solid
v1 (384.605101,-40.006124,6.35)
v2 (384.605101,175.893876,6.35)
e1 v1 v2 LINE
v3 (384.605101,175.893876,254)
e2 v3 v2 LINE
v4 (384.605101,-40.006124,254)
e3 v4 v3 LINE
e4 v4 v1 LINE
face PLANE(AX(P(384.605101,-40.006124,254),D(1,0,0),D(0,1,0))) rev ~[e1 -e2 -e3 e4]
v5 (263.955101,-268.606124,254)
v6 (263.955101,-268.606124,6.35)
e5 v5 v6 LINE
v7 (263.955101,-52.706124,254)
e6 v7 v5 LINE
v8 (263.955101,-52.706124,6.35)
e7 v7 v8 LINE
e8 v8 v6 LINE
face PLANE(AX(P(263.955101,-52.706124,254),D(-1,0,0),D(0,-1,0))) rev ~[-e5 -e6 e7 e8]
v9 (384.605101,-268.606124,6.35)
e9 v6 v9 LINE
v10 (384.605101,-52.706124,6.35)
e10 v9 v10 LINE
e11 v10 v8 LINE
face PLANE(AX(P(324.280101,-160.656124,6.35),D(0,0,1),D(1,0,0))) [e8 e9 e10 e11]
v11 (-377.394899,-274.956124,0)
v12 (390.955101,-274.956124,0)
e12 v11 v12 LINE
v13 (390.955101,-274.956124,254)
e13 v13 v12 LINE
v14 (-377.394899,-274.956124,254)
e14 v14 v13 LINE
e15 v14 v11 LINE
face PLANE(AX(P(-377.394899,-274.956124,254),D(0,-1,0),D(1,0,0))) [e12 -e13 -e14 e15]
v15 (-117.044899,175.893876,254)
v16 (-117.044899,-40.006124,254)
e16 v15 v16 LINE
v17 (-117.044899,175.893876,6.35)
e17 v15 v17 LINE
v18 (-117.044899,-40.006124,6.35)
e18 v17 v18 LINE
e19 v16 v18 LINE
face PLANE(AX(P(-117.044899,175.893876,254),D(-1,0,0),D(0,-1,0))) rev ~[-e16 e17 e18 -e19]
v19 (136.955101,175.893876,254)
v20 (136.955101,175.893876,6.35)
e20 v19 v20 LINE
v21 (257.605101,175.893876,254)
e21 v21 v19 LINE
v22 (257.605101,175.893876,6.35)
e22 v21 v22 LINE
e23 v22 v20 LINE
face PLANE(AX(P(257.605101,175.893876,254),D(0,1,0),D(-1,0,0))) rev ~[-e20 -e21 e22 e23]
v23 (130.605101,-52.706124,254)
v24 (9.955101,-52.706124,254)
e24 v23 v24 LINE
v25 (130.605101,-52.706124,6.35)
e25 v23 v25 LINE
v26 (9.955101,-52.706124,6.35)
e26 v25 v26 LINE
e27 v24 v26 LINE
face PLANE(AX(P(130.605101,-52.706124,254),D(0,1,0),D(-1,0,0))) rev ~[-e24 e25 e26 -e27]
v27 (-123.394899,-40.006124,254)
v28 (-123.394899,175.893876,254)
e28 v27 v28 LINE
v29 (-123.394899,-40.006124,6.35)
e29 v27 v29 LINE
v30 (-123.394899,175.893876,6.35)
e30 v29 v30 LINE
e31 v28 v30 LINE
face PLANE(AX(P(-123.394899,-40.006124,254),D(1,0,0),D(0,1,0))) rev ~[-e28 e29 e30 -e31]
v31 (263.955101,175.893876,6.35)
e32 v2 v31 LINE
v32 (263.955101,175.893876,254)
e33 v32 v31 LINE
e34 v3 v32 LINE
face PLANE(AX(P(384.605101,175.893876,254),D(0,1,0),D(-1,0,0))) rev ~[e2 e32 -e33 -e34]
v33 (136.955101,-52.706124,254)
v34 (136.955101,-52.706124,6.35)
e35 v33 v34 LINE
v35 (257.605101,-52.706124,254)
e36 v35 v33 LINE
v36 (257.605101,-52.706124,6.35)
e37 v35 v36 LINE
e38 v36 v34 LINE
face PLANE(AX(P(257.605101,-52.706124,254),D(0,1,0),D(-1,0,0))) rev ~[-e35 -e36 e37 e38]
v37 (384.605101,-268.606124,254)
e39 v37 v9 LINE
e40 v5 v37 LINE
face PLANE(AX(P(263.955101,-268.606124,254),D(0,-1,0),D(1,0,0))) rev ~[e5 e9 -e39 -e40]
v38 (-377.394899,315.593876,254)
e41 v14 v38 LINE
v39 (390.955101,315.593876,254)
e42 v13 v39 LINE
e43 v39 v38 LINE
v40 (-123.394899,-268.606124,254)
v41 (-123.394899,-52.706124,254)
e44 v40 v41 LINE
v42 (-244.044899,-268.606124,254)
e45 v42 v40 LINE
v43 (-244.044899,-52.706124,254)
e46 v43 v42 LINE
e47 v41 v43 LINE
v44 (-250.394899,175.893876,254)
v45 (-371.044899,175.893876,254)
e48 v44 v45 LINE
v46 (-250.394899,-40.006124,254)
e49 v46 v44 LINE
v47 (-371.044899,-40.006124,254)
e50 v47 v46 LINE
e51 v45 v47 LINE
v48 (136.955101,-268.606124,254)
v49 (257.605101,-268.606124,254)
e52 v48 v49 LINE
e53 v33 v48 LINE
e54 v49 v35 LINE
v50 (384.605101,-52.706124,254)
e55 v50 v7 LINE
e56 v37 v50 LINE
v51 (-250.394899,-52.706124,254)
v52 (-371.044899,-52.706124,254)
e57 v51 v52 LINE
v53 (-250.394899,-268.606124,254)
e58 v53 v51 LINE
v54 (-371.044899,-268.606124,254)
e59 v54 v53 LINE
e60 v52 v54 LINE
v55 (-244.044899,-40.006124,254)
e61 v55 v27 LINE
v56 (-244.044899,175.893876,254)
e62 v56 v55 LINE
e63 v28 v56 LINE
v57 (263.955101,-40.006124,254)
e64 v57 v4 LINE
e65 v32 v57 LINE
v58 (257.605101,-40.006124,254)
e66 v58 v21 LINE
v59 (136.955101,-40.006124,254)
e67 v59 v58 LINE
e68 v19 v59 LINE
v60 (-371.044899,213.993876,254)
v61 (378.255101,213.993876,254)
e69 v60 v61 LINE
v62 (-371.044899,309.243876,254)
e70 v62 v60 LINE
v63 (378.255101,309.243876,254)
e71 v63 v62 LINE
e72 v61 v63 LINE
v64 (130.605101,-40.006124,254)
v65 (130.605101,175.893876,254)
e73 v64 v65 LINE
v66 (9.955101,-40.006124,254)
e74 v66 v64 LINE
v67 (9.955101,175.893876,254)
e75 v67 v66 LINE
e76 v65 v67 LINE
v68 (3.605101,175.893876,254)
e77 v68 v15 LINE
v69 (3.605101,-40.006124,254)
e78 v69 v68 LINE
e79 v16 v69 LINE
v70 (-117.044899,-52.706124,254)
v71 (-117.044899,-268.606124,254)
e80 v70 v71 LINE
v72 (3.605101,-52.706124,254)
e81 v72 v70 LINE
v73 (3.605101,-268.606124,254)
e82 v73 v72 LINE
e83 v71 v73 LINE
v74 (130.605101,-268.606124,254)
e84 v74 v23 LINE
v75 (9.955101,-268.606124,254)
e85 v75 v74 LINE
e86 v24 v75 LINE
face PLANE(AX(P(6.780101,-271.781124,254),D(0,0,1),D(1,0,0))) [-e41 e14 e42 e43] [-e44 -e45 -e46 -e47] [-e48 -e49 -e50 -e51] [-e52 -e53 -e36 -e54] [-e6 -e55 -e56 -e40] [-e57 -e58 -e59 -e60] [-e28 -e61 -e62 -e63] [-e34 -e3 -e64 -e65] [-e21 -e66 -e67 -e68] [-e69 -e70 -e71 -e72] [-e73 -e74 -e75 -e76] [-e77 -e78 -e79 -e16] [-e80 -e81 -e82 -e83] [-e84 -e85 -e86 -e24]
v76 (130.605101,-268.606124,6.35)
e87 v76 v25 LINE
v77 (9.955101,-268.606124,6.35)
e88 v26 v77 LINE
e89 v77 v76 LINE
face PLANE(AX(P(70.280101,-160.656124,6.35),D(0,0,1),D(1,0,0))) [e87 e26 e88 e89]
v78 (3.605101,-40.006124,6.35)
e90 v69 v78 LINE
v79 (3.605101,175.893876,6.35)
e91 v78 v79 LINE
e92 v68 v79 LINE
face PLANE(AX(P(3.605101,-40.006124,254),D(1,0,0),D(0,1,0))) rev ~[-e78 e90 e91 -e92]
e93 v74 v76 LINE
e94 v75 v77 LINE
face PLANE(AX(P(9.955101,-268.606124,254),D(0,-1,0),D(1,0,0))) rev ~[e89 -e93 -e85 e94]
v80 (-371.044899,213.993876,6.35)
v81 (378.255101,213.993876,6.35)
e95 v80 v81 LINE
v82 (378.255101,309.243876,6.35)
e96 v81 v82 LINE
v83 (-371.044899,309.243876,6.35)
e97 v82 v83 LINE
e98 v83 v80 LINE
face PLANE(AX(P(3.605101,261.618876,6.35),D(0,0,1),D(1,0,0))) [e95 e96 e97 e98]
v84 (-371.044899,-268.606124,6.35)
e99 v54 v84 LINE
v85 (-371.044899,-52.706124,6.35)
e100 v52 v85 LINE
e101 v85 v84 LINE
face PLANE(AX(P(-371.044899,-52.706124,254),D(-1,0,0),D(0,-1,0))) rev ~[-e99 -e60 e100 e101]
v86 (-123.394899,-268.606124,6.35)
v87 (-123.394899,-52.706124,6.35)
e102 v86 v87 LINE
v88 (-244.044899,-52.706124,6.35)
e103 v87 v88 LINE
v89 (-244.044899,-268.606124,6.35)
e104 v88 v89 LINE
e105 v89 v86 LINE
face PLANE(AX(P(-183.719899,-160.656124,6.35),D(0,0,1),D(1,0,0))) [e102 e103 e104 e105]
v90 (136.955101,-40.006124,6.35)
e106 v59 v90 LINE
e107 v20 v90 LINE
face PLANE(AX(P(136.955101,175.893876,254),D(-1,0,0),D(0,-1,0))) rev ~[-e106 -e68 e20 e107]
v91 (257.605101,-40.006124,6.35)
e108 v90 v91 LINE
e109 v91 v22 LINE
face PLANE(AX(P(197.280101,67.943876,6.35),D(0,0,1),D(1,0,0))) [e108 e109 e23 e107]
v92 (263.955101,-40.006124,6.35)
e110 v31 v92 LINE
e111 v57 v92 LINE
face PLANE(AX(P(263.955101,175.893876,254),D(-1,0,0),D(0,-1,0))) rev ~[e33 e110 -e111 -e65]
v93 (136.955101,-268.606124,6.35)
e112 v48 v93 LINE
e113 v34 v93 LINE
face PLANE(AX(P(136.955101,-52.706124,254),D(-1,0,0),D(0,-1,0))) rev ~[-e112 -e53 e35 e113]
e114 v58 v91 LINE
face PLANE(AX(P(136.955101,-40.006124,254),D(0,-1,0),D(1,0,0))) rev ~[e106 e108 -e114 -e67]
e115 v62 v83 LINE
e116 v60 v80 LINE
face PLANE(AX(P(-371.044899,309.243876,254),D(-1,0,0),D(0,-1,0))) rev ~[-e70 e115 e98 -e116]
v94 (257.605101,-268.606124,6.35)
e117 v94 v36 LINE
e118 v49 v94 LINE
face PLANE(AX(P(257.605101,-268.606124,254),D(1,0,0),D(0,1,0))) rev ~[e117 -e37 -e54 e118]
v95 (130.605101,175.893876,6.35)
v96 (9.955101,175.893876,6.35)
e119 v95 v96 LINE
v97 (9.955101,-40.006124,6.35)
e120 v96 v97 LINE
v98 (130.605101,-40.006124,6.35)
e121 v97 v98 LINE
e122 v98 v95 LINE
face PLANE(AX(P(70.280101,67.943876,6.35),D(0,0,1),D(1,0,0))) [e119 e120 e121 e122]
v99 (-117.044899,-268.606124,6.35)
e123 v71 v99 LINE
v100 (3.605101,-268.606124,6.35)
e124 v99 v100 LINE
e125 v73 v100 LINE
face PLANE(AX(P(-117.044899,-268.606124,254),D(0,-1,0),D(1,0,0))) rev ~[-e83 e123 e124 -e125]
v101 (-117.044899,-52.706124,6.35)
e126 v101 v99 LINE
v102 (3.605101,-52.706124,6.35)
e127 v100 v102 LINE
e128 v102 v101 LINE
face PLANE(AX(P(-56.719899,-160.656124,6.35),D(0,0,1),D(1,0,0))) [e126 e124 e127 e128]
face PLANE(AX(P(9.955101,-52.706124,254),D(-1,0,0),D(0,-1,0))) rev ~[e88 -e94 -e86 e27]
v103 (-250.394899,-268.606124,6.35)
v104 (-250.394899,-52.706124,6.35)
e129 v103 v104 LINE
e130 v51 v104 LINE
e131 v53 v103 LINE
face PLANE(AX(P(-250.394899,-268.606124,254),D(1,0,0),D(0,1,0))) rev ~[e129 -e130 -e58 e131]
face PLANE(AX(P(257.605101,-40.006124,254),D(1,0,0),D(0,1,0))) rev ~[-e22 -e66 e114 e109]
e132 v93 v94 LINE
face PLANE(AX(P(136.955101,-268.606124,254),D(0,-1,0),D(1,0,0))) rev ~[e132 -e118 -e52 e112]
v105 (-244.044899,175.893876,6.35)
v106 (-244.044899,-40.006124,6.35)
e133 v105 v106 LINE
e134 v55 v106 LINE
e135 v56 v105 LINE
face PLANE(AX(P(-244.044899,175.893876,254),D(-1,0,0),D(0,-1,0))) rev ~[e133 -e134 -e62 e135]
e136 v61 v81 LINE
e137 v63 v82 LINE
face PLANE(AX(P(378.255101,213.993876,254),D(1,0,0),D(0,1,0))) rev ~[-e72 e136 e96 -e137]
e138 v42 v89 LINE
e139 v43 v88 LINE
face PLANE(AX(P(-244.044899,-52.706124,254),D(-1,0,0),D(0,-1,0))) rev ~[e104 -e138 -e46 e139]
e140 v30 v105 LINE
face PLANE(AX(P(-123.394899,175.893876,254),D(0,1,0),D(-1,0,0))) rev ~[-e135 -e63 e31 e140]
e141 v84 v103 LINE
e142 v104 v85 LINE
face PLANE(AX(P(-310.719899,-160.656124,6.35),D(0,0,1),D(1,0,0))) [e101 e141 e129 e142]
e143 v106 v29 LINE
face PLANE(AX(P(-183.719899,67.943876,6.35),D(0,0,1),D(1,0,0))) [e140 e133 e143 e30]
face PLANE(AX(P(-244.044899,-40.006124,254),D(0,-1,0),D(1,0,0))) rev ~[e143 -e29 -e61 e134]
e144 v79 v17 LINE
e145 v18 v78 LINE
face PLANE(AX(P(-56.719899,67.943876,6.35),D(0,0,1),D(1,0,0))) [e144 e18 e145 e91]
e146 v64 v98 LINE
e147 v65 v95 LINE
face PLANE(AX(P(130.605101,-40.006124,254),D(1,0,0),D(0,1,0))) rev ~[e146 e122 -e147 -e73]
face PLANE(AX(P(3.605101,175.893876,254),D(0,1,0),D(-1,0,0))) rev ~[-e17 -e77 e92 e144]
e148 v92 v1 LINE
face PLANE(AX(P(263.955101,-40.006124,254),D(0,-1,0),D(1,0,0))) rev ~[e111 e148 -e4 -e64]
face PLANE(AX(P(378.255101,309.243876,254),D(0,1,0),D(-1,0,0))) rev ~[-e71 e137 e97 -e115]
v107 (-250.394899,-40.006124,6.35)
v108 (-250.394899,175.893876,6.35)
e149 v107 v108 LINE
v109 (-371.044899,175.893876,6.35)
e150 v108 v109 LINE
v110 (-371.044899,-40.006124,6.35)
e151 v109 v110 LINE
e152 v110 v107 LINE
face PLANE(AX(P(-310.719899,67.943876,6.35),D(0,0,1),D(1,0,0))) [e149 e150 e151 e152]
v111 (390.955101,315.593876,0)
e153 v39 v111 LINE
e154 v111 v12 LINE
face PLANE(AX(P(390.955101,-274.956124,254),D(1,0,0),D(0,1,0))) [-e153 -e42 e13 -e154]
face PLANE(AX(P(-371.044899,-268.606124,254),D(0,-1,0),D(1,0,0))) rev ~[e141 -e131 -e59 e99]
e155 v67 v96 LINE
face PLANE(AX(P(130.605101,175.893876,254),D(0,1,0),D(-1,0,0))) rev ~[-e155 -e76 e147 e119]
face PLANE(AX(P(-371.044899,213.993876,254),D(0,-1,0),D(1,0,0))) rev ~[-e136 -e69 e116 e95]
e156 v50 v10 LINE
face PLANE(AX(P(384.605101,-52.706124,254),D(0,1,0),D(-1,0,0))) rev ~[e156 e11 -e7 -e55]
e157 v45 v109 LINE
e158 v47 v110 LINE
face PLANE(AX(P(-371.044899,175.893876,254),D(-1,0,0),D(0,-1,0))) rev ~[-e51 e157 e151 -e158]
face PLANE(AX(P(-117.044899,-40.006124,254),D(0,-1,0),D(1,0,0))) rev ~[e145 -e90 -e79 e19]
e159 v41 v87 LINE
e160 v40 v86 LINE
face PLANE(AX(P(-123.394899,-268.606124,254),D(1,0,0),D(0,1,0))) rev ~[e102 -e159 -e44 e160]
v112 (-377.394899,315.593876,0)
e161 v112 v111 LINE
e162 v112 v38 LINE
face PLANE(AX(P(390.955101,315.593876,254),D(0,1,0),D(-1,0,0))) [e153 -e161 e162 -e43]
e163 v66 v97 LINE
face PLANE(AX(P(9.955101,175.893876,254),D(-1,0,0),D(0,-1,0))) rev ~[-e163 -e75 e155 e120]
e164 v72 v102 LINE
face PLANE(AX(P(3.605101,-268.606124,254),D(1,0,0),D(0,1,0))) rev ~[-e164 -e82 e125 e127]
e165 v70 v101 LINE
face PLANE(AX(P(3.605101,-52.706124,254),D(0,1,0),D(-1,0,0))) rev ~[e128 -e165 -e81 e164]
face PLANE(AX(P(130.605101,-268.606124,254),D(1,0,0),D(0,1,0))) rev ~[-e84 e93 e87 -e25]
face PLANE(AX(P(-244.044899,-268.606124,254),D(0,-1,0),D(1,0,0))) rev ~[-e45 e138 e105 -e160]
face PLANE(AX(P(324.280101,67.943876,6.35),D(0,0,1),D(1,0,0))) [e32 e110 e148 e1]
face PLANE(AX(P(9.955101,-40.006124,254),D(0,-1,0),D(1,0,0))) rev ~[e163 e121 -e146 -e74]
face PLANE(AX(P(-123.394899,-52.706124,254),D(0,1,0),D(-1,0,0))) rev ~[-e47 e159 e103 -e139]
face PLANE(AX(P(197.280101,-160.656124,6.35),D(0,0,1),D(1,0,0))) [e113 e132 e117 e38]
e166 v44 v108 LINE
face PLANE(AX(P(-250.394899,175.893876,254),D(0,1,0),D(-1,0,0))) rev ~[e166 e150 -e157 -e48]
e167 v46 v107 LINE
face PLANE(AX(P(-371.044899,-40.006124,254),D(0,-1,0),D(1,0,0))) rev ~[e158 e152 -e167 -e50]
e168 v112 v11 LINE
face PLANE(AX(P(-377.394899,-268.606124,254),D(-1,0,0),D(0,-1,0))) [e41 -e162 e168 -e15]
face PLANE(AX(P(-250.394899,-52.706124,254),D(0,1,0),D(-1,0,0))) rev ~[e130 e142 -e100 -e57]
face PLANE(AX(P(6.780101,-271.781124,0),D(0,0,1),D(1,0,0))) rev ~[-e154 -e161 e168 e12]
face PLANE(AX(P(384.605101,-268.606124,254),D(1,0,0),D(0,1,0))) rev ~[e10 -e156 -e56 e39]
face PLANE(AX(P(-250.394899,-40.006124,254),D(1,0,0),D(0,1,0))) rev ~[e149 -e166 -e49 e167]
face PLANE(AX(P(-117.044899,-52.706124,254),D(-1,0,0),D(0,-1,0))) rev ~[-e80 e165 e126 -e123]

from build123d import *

# Parameters (mm, degrees)
F0_W     = 762
F0_H     = 584.2
F1_DEPTH = 254
F3_DEPTH = 247.65
F5_DEPTH = 254
F6_DEPTH = 254
F7_DEPTH = 247.65


with BuildPart() as f1:
    # F0 (on Top) → F1 (new body)
    with BuildSketch(Plane.XY):
        with Locations((3.6051012576, 23.4938759938)):
            Rectangle(F0_W, F0_H)
    extrude(amount=F1_DEPTH)

    # F2 (on face) → F3 (cut)
    with BuildSketch(Plane.XY.offset(254)):
        Polygon((-371.0448987424, 309.2438759938), (-371.0448987424, 295.6585884094), (-371.0448987424, 213.9938759938), (378.2551012576, 213.9938759938), (378.2551012576, 277.7049839497), (378.2551012576, 309.2438759938), align=None)
    extrude(amount=-F3_DEPTH, mode=Mode.SUBTRACT)

    # F4 (on face) → F5 (join)
    with BuildSketch(Plane.XY.offset(254)):
        Polygon((384.6051012576, 315.5938759938), (384.6051012576, 175.8938759938), (384.6051012576, -40.0061240062), (384.6051012576, -52.7061240062), (384.6051012576, -268.6061240062), (390.9551012576, -268.6061240062), (390.9551012576, 315.5938759938), align=None)
    extrude(amount=-F5_DEPTH)

    # F4 (on face) → F6 (join)
    with BuildSketch(Plane.XY.offset(254)):
        Polygon((390.9551012576, -268.6061240062), (384.6051012576, -268.6061240062), (263.9551012576, -268.6061240062), (257.6051012576, -268.6061240062), (136.9551012576, -268.6061240062), (130.6051012576, -268.6061240062), (9.9551012576, -268.6061240062), (3.6051012576, -268.6061240062), (-117.0448987424, -268.6061240062), (-123.3948987424, -268.6061240062), (-244.0448987424, -268.6061240062), (-250.3948987424, -268.6061240062), (-371.0448987424, -268.6061240062), (-377.3948987424, -268.6061240062), (-377.3948987424, -274.9561240062), (390.9551012576, -274.9561240062), align=None)
    extrude(amount=-F6_DEPTH)

    # F4 (on face) → F7 (cut)
    with BuildSketch(Plane.XY.offset(254)):
        Polygon((-244.0448987424, -231.7013091296), (-244.0448987424, -268.6061240062), (-123.3948987424, -268.6061240062), (-123.3948987424, -229.8385000676), (-123.3948987424, -52.7061240062), (-244.0448987424, -52.7061240062), align=None)
        Polygon((-117.0448987424, -229.8385000676), (-117.0448987424, -268.6061240062), (3.6051012576, -268.6061240062), (3.6051012576, -232.6196825951), (3.6051012576, -52.7061240062), (-117.0448987424, -52.7061240062), align=None)
        Polygon((9.9551012576, -268.6061240062), (130.6051012576, -268.6061240062), (130.6051012576, -242.5831056088), (130.6051012576, -52.7061240062), (9.9551012576, -52.7061240062), (9.9551012576, -232.6196825951), align=None)
        Polygon((136.9551012576, -268.6061240062), (257.6051012576, -268.6061240062), (257.6051012576, -243.7552756518), (257.6051012576, -52.7061240062), (136.9551012576, -52.7061240062), (136.9551012576, -242.5831056088), align=None)
        Polygon((384.6051012576, -268.6061240062), (384.6051012576, -52.7061240062), (263.9551012576, -52.7061240062), (263.9551012576, -243.7552756518), (263.9551012576, -268.6061240062), align=None)
        Polygon((257.6051012576, 151.0430276394), (257.6051012576, 175.8938759938), (136.9551012576, 175.8938759938), (136.9551012576, 149.8708575964), (136.9551012576, -40.0061240062), (257.6051012576, -40.0061240062), align=None)
        Polygon((130.6051012576, 149.8708575964), (130.6051012576, 175.8938759938), (9.9551012576, 175.8938759938), (9.9551012576, 139.9074345827), (9.9551012576, -40.0061240062), (130.6051012576, -40.0061240062), align=None)
        Polygon((384.6051012576, 175.8938759938), (378.2551012576, 175.8938759938), (263.9551012576, 175.8938759938), (263.9551012576, 151.0430276394), (263.9551012576, -40.0061240062), (384.6051012576, -40.0061240062), align=None)
        Polygon((3.6051012576, 175.8938759938), (-117.0448987424, 175.8938759938), (-117.0448987424, 137.1262520552), (-117.0448987424, -40.0061240062), (3.6051012576, -40.0061240062), (3.6051012576, 139.9074345827), align=None)
        Polygon((-123.3948987424, 175.8938759938), (-244.0448987424, 175.8938759938), (-244.0448987424, 138.9890611172), (-244.0448987424, -40.0061240062), (-123.3948987424, -40.0061240062), (-123.3948987424, 137.1262520552), align=None)
        Polygon((-250.3948987424, 175.8938759938), (-371.0448987424, 175.8938759938), (-371.0448987424, -40.0061240062), (-342.720925808, -40.0061240062), (-250.3948987424, -40.0061240062), (-250.3948987424, 138.9890611172), align=None)
        Polygon((-371.0448987424, -52.7061240062), (-371.0448987424, -268.6061240062), (-250.3948987424, -268.6061240062), (-250.3948987424, -231.7013091296), (-250.3948987424, -52.7061240062), align=None)
    extrude(amount=-F7_DEPTH, mode=Mode.SUBTRACT)


solid = f1.part
